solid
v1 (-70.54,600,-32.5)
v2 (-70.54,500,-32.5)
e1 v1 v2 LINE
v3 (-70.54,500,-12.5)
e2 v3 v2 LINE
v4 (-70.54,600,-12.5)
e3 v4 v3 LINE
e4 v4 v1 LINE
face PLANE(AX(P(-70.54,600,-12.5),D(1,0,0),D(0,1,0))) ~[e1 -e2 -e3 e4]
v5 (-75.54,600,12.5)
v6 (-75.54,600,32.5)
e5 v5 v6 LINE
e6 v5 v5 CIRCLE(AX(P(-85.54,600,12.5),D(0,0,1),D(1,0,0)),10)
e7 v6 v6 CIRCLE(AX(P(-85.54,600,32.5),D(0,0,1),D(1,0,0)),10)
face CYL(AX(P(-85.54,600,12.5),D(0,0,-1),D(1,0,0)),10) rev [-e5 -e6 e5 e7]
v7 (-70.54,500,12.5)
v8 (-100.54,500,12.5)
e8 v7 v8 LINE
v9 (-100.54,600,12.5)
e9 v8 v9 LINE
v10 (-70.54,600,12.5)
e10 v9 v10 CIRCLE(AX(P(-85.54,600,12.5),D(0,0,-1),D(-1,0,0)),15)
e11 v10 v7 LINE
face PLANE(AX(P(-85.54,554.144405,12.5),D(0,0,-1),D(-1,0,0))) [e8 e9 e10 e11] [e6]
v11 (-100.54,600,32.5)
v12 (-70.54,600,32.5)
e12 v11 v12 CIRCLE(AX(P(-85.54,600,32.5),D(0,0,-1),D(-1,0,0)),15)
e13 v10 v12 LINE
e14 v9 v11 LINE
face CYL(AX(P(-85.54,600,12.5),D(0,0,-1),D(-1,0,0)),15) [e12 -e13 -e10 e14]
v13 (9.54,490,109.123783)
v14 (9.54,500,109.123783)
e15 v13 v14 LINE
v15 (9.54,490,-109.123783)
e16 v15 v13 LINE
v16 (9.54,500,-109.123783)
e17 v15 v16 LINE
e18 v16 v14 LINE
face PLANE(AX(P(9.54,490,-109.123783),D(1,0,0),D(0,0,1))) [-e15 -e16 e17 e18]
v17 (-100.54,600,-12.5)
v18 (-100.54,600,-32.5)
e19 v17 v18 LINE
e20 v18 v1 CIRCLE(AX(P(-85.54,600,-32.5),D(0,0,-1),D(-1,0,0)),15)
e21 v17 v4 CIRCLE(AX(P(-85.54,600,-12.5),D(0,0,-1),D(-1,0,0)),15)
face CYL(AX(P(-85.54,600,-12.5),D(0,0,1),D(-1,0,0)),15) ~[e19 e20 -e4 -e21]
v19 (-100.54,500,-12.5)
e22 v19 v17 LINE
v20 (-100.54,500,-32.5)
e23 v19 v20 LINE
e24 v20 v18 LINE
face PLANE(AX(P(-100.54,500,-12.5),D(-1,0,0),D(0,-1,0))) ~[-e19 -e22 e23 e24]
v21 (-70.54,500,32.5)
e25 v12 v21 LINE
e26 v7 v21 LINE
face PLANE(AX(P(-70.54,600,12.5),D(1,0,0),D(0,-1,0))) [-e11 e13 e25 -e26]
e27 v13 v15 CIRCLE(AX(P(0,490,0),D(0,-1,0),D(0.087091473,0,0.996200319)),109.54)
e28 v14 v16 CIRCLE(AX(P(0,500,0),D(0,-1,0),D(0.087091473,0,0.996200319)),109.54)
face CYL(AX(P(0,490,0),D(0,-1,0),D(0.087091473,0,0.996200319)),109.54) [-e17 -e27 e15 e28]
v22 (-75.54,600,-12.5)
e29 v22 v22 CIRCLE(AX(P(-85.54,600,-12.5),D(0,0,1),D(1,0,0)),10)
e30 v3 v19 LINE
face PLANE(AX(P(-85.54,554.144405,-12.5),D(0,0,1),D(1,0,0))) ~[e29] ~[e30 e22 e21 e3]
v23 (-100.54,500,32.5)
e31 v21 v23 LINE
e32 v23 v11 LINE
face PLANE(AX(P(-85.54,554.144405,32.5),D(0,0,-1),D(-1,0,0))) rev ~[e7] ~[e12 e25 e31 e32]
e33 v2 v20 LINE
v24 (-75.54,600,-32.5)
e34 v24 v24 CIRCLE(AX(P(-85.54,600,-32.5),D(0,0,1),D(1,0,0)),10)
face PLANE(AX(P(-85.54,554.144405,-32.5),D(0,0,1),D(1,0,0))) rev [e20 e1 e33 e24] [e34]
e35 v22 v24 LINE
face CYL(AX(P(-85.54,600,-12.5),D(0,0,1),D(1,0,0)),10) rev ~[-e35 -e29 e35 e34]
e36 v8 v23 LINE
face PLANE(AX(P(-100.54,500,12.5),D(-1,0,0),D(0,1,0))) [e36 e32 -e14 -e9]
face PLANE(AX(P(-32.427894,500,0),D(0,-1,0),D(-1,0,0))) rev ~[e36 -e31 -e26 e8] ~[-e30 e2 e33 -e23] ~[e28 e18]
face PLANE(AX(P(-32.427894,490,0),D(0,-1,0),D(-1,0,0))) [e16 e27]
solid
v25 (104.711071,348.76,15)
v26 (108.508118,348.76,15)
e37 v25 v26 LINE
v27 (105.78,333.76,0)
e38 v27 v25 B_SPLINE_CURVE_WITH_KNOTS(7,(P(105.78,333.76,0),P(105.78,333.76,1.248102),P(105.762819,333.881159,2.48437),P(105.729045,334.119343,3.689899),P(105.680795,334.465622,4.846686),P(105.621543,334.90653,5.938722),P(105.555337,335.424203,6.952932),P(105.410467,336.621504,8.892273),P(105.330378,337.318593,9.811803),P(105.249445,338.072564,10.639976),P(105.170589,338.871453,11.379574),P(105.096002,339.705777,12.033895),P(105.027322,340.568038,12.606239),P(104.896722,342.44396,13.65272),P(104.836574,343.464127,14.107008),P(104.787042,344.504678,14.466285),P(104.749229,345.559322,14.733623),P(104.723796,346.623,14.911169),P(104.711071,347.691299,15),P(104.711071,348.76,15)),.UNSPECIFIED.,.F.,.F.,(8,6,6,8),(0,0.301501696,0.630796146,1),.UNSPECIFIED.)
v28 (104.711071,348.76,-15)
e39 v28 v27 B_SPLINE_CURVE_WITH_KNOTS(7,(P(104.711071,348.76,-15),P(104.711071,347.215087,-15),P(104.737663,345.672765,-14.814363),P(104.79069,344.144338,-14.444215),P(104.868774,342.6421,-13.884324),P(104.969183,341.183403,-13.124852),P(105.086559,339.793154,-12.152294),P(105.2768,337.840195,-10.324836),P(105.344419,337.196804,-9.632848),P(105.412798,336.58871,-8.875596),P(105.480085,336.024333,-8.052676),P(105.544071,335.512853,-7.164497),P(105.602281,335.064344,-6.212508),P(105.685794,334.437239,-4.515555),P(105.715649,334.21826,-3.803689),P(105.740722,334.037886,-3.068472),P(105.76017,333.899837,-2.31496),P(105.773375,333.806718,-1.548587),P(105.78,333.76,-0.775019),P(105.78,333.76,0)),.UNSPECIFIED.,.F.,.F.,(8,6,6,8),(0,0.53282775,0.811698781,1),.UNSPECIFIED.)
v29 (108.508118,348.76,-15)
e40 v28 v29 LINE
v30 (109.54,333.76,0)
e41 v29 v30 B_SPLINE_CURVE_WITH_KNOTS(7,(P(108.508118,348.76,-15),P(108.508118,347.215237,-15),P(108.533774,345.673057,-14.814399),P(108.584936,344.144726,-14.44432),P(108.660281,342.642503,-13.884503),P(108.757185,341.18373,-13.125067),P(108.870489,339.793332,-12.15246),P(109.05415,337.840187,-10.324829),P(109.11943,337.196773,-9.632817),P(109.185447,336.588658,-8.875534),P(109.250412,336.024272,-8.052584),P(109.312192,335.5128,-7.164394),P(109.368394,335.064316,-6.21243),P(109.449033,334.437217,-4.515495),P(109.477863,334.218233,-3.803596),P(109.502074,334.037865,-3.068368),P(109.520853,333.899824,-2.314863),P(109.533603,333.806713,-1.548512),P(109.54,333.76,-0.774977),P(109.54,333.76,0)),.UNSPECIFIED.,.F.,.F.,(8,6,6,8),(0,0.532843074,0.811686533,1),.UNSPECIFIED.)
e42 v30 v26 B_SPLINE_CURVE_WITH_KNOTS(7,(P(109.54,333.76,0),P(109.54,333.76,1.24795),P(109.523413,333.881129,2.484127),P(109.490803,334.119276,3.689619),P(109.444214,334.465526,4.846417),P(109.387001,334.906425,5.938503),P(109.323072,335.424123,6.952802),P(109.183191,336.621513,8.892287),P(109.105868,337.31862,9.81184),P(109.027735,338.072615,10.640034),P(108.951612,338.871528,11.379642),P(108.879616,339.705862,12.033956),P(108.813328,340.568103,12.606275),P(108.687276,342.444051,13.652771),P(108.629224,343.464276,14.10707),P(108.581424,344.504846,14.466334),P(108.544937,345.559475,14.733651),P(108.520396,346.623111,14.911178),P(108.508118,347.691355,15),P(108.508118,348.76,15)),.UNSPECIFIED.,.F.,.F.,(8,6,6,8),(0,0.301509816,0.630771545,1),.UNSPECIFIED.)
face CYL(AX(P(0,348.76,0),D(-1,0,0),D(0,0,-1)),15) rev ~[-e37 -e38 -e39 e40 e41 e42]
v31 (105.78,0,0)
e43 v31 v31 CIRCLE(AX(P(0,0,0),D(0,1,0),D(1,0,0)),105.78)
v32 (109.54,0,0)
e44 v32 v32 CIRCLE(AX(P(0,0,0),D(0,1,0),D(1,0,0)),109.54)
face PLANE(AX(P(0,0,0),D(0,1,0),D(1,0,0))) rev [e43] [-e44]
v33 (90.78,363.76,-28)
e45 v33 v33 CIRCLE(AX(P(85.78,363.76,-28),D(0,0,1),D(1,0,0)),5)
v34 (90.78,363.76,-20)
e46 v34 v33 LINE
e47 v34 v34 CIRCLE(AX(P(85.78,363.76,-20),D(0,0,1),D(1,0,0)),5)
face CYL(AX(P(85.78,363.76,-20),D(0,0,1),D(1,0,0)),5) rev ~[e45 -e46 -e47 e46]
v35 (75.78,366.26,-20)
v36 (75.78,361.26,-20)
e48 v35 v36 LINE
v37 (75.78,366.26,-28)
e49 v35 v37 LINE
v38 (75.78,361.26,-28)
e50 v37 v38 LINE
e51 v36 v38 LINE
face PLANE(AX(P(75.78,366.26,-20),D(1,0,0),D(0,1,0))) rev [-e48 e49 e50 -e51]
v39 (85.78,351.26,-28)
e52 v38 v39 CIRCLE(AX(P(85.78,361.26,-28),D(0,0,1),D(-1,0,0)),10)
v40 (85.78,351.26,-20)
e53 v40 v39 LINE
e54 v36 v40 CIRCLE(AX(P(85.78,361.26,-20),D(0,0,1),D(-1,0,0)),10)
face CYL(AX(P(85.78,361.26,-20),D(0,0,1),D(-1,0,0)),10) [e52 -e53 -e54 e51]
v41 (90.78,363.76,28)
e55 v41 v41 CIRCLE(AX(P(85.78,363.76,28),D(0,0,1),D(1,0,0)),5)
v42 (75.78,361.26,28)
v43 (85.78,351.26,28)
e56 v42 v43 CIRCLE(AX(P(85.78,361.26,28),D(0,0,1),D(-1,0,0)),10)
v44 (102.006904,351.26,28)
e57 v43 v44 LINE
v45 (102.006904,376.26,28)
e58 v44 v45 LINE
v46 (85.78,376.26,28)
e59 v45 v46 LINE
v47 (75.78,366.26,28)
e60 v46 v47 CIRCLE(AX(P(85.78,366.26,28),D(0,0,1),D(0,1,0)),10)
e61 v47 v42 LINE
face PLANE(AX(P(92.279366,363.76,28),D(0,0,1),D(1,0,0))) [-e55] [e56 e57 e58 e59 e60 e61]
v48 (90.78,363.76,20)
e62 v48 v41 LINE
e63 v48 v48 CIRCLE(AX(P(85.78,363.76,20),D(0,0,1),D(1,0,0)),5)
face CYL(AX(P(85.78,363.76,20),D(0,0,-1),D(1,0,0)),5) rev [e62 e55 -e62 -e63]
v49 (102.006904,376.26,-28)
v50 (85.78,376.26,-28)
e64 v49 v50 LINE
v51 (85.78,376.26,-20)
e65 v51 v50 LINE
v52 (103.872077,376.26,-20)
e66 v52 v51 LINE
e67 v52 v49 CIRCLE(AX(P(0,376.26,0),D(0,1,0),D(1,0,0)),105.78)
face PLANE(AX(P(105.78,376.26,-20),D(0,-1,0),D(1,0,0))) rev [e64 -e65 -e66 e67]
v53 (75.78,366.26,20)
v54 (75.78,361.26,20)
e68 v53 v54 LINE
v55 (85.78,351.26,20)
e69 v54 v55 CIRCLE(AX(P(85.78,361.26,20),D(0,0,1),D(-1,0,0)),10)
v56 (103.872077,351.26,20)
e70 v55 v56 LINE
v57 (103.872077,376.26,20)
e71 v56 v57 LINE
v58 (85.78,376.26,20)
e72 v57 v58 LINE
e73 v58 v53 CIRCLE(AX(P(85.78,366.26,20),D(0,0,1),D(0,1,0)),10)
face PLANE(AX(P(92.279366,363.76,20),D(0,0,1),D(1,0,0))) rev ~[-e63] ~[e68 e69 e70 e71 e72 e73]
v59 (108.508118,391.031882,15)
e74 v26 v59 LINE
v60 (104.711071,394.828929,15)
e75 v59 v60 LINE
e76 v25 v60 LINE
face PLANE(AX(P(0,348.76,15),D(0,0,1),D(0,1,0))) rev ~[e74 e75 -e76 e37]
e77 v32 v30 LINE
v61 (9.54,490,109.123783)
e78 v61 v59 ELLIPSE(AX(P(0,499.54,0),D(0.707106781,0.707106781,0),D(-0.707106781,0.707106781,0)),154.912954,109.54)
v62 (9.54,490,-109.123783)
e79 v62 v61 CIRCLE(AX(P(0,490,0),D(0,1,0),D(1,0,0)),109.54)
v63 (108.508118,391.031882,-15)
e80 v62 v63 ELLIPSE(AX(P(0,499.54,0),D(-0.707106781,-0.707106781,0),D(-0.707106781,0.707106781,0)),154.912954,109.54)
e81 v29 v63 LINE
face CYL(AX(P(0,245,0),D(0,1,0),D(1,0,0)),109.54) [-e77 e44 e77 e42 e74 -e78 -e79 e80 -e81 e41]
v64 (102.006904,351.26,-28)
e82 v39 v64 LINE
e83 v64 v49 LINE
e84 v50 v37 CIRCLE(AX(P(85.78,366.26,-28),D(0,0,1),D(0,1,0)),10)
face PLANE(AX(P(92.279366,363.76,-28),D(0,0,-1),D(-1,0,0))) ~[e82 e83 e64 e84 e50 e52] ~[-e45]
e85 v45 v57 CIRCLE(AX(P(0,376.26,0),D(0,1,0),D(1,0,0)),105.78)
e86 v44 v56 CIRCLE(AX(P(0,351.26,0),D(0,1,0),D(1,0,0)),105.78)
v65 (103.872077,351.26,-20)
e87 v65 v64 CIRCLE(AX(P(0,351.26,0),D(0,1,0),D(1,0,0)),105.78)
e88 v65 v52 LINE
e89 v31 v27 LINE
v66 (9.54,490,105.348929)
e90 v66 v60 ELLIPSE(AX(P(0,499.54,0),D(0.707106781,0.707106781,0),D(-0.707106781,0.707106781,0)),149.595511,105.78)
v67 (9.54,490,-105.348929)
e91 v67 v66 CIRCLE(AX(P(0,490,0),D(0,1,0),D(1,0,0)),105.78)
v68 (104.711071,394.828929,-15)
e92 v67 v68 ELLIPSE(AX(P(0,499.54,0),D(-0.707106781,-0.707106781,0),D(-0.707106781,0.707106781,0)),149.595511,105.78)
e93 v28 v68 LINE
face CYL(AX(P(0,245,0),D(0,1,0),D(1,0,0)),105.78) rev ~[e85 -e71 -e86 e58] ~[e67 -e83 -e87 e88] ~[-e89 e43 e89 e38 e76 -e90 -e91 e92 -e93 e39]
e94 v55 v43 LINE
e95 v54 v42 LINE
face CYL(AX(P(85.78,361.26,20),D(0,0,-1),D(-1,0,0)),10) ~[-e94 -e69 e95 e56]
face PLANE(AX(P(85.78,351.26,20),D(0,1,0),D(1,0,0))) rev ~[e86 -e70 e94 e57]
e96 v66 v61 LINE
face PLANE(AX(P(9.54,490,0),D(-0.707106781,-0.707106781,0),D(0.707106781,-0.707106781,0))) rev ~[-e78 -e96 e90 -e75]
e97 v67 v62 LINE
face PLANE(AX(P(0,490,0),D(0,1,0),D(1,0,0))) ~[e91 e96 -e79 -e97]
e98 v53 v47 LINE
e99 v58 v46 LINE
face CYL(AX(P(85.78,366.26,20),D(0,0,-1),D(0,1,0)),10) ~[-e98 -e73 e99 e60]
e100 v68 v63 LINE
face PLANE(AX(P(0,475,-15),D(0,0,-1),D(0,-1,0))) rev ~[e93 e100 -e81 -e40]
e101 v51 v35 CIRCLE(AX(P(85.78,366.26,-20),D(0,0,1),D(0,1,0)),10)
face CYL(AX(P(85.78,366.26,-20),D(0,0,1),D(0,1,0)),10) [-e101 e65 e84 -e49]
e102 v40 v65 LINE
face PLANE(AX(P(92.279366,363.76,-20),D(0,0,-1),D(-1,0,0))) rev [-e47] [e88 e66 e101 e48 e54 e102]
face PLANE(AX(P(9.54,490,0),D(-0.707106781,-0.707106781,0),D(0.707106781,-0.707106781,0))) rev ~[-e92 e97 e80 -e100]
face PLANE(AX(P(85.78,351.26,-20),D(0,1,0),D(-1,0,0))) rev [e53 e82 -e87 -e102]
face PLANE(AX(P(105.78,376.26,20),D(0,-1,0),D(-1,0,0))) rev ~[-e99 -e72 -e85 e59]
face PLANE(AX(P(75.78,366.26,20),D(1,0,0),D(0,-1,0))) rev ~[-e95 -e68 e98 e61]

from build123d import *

# Parameters (mm, degrees)
ESBO_O1_W                  = 3.76
ESBO_O1_H                  = 490
CORTE_EXTRUS_O1_DEPTH      = 110.54
CORTE_EXTRUS_O1_DEPTH_BACK = 110.54
RESSALTO_EXTRUS_O1_DEPTH   = 10
RESSALTO_EXTRUS_O2_START   = 12.5
ESBO_O4_R                  = 10
RESSALTO_EXTRUS_O2_DEPTH   = 20
RESSALTO_EXTRUS_O3_START   = 20
ESBO_O5_R                  = 5
RESSALTO_EXTRUS_O3_DEPTH   = 8
CORTE_EXTRUS_O2_DEPTH      = 110.54


with BuildPart() as part:
    # Esboço1 → Revolução1 (revolve)
    with BuildSketch(Plane.XY):
        with Locations((107.66, 245)):
            Rectangle(ESBO_O1_W, ESBO_O1_H)
    revolve(axis=Axis((0, 0, 0), (0, 1, 0)))

    # Esboço2 → Corte-extrusão1 (cut, two sides)
    with BuildSketch(Plane.XY) as corte_extrus_o1_sk:
        Polygon((9.54, 490), (109.54, 390), (109.54, 490), align=None)
    extrude(amount=CORTE_EXTRUS_O1_DEPTH, mode=Mode.SUBTRACT)
    extrude(corte_extrus_o1_sk.sketch, amount=-CORTE_EXTRUS_O1_DEPTH_BACK, mode=Mode.SUBTRACT)

    # Esboço5 → Ressalto-extrusão3 (add)
    with BuildSketch(Plane.XY.offset(RESSALTO_EXTRUS_O3_START)):
        with BuildLine():
            Line((105.78, 376.26), (85.78, 376.26))
            ThreePointArc((85.78, 376.26), (78.708932188, 373.331067812), (75.78, 366.26))
            Line((75.78, 366.26), (75.78, 361.26))
            ThreePointArc((75.78, 361.26), (78.708932188, 354.188932188), (85.78, 351.26))
            Line((85.78, 351.26), (105.78, 351.26))
            Line((105.78, 351.26), (105.78, 376.26))
        make_face()
        with Locations((85.78, 363.76)):
            Circle(ESBO_O5_R, mode=Mode.SUBTRACT)
    ressalto_extrus_o3 = extrude(amount=RESSALTO_EXTRUS_O3_DEPTH)

    # Espelhar2: Ressalto-extrusão3 across plane
    add(ressalto_extrus_o3.mirror(Plane.XY))

    # Esboço6 → Corte-extrusão2 (cut, through all)
    with BuildSketch(Plane(origin=(0, 0, 0), x_dir=(0, 0, -1), z_dir=(1, 0, 0))):
        with BuildLine():
            Line((-15, 348.76), (-15, 475))
            ThreePointArc((-15, 475), (0, 490), (15, 475))
            Line((15, 475), (15, 348.76))
            ThreePointArc((15, 348.76), (0, 333.76), (-15, 348.76))
        make_face()
    extrude(amount=CORTE_EXTRUS_O2_DEPTH, mode=Mode.SUBTRACT)


with BuildPart() as body_2:
    # Esboço3 → Ressalto-extrusão1 (new body)
    with BuildSketch(Plane(origin=(0, 490, 0), x_dir=(1, 0, 0), z_dir=(0, 1, 0))):
        with BuildLine():
            Line((9.54, 109.123782926), (9.54, -109.123782926))
            ThreePointArc((9.54, -109.123782926), (-109.54, 0), (9.54, 109.123782926))
        make_face()
    extrude(amount=RESSALTO_EXTRUS_O1_DEPTH)

    # Esboço4 → Ressalto-extrusão2 (add)
    with BuildSketch(Plane.XY.offset(RESSALTO_EXTRUS_O2_START)):
        with BuildLine():
            Line((-100.54, 500), (-100.54, 600))
            ThreePointArc((-100.54, 600), (-85.54, 615), (-70.54, 600))
            Line((-70.54, 600), (-70.54, 500))
            Line((-70.54, 500), (-100.54, 500))
        make_face()
        with Locations((-85.54, 600)):
            Circle(ESBO_O4_R, mode=Mode.SUBTRACT)
    ressalto_extrus_o2 = extrude(amount=RESSALTO_EXTRUS_O2_DEPTH)

    # Espelhar1: Ressalto-extrusão2 across plane
    add(ressalto_extrus_o2.mirror(Plane.XY))


solid = Compound([part.part, body_2.part])
